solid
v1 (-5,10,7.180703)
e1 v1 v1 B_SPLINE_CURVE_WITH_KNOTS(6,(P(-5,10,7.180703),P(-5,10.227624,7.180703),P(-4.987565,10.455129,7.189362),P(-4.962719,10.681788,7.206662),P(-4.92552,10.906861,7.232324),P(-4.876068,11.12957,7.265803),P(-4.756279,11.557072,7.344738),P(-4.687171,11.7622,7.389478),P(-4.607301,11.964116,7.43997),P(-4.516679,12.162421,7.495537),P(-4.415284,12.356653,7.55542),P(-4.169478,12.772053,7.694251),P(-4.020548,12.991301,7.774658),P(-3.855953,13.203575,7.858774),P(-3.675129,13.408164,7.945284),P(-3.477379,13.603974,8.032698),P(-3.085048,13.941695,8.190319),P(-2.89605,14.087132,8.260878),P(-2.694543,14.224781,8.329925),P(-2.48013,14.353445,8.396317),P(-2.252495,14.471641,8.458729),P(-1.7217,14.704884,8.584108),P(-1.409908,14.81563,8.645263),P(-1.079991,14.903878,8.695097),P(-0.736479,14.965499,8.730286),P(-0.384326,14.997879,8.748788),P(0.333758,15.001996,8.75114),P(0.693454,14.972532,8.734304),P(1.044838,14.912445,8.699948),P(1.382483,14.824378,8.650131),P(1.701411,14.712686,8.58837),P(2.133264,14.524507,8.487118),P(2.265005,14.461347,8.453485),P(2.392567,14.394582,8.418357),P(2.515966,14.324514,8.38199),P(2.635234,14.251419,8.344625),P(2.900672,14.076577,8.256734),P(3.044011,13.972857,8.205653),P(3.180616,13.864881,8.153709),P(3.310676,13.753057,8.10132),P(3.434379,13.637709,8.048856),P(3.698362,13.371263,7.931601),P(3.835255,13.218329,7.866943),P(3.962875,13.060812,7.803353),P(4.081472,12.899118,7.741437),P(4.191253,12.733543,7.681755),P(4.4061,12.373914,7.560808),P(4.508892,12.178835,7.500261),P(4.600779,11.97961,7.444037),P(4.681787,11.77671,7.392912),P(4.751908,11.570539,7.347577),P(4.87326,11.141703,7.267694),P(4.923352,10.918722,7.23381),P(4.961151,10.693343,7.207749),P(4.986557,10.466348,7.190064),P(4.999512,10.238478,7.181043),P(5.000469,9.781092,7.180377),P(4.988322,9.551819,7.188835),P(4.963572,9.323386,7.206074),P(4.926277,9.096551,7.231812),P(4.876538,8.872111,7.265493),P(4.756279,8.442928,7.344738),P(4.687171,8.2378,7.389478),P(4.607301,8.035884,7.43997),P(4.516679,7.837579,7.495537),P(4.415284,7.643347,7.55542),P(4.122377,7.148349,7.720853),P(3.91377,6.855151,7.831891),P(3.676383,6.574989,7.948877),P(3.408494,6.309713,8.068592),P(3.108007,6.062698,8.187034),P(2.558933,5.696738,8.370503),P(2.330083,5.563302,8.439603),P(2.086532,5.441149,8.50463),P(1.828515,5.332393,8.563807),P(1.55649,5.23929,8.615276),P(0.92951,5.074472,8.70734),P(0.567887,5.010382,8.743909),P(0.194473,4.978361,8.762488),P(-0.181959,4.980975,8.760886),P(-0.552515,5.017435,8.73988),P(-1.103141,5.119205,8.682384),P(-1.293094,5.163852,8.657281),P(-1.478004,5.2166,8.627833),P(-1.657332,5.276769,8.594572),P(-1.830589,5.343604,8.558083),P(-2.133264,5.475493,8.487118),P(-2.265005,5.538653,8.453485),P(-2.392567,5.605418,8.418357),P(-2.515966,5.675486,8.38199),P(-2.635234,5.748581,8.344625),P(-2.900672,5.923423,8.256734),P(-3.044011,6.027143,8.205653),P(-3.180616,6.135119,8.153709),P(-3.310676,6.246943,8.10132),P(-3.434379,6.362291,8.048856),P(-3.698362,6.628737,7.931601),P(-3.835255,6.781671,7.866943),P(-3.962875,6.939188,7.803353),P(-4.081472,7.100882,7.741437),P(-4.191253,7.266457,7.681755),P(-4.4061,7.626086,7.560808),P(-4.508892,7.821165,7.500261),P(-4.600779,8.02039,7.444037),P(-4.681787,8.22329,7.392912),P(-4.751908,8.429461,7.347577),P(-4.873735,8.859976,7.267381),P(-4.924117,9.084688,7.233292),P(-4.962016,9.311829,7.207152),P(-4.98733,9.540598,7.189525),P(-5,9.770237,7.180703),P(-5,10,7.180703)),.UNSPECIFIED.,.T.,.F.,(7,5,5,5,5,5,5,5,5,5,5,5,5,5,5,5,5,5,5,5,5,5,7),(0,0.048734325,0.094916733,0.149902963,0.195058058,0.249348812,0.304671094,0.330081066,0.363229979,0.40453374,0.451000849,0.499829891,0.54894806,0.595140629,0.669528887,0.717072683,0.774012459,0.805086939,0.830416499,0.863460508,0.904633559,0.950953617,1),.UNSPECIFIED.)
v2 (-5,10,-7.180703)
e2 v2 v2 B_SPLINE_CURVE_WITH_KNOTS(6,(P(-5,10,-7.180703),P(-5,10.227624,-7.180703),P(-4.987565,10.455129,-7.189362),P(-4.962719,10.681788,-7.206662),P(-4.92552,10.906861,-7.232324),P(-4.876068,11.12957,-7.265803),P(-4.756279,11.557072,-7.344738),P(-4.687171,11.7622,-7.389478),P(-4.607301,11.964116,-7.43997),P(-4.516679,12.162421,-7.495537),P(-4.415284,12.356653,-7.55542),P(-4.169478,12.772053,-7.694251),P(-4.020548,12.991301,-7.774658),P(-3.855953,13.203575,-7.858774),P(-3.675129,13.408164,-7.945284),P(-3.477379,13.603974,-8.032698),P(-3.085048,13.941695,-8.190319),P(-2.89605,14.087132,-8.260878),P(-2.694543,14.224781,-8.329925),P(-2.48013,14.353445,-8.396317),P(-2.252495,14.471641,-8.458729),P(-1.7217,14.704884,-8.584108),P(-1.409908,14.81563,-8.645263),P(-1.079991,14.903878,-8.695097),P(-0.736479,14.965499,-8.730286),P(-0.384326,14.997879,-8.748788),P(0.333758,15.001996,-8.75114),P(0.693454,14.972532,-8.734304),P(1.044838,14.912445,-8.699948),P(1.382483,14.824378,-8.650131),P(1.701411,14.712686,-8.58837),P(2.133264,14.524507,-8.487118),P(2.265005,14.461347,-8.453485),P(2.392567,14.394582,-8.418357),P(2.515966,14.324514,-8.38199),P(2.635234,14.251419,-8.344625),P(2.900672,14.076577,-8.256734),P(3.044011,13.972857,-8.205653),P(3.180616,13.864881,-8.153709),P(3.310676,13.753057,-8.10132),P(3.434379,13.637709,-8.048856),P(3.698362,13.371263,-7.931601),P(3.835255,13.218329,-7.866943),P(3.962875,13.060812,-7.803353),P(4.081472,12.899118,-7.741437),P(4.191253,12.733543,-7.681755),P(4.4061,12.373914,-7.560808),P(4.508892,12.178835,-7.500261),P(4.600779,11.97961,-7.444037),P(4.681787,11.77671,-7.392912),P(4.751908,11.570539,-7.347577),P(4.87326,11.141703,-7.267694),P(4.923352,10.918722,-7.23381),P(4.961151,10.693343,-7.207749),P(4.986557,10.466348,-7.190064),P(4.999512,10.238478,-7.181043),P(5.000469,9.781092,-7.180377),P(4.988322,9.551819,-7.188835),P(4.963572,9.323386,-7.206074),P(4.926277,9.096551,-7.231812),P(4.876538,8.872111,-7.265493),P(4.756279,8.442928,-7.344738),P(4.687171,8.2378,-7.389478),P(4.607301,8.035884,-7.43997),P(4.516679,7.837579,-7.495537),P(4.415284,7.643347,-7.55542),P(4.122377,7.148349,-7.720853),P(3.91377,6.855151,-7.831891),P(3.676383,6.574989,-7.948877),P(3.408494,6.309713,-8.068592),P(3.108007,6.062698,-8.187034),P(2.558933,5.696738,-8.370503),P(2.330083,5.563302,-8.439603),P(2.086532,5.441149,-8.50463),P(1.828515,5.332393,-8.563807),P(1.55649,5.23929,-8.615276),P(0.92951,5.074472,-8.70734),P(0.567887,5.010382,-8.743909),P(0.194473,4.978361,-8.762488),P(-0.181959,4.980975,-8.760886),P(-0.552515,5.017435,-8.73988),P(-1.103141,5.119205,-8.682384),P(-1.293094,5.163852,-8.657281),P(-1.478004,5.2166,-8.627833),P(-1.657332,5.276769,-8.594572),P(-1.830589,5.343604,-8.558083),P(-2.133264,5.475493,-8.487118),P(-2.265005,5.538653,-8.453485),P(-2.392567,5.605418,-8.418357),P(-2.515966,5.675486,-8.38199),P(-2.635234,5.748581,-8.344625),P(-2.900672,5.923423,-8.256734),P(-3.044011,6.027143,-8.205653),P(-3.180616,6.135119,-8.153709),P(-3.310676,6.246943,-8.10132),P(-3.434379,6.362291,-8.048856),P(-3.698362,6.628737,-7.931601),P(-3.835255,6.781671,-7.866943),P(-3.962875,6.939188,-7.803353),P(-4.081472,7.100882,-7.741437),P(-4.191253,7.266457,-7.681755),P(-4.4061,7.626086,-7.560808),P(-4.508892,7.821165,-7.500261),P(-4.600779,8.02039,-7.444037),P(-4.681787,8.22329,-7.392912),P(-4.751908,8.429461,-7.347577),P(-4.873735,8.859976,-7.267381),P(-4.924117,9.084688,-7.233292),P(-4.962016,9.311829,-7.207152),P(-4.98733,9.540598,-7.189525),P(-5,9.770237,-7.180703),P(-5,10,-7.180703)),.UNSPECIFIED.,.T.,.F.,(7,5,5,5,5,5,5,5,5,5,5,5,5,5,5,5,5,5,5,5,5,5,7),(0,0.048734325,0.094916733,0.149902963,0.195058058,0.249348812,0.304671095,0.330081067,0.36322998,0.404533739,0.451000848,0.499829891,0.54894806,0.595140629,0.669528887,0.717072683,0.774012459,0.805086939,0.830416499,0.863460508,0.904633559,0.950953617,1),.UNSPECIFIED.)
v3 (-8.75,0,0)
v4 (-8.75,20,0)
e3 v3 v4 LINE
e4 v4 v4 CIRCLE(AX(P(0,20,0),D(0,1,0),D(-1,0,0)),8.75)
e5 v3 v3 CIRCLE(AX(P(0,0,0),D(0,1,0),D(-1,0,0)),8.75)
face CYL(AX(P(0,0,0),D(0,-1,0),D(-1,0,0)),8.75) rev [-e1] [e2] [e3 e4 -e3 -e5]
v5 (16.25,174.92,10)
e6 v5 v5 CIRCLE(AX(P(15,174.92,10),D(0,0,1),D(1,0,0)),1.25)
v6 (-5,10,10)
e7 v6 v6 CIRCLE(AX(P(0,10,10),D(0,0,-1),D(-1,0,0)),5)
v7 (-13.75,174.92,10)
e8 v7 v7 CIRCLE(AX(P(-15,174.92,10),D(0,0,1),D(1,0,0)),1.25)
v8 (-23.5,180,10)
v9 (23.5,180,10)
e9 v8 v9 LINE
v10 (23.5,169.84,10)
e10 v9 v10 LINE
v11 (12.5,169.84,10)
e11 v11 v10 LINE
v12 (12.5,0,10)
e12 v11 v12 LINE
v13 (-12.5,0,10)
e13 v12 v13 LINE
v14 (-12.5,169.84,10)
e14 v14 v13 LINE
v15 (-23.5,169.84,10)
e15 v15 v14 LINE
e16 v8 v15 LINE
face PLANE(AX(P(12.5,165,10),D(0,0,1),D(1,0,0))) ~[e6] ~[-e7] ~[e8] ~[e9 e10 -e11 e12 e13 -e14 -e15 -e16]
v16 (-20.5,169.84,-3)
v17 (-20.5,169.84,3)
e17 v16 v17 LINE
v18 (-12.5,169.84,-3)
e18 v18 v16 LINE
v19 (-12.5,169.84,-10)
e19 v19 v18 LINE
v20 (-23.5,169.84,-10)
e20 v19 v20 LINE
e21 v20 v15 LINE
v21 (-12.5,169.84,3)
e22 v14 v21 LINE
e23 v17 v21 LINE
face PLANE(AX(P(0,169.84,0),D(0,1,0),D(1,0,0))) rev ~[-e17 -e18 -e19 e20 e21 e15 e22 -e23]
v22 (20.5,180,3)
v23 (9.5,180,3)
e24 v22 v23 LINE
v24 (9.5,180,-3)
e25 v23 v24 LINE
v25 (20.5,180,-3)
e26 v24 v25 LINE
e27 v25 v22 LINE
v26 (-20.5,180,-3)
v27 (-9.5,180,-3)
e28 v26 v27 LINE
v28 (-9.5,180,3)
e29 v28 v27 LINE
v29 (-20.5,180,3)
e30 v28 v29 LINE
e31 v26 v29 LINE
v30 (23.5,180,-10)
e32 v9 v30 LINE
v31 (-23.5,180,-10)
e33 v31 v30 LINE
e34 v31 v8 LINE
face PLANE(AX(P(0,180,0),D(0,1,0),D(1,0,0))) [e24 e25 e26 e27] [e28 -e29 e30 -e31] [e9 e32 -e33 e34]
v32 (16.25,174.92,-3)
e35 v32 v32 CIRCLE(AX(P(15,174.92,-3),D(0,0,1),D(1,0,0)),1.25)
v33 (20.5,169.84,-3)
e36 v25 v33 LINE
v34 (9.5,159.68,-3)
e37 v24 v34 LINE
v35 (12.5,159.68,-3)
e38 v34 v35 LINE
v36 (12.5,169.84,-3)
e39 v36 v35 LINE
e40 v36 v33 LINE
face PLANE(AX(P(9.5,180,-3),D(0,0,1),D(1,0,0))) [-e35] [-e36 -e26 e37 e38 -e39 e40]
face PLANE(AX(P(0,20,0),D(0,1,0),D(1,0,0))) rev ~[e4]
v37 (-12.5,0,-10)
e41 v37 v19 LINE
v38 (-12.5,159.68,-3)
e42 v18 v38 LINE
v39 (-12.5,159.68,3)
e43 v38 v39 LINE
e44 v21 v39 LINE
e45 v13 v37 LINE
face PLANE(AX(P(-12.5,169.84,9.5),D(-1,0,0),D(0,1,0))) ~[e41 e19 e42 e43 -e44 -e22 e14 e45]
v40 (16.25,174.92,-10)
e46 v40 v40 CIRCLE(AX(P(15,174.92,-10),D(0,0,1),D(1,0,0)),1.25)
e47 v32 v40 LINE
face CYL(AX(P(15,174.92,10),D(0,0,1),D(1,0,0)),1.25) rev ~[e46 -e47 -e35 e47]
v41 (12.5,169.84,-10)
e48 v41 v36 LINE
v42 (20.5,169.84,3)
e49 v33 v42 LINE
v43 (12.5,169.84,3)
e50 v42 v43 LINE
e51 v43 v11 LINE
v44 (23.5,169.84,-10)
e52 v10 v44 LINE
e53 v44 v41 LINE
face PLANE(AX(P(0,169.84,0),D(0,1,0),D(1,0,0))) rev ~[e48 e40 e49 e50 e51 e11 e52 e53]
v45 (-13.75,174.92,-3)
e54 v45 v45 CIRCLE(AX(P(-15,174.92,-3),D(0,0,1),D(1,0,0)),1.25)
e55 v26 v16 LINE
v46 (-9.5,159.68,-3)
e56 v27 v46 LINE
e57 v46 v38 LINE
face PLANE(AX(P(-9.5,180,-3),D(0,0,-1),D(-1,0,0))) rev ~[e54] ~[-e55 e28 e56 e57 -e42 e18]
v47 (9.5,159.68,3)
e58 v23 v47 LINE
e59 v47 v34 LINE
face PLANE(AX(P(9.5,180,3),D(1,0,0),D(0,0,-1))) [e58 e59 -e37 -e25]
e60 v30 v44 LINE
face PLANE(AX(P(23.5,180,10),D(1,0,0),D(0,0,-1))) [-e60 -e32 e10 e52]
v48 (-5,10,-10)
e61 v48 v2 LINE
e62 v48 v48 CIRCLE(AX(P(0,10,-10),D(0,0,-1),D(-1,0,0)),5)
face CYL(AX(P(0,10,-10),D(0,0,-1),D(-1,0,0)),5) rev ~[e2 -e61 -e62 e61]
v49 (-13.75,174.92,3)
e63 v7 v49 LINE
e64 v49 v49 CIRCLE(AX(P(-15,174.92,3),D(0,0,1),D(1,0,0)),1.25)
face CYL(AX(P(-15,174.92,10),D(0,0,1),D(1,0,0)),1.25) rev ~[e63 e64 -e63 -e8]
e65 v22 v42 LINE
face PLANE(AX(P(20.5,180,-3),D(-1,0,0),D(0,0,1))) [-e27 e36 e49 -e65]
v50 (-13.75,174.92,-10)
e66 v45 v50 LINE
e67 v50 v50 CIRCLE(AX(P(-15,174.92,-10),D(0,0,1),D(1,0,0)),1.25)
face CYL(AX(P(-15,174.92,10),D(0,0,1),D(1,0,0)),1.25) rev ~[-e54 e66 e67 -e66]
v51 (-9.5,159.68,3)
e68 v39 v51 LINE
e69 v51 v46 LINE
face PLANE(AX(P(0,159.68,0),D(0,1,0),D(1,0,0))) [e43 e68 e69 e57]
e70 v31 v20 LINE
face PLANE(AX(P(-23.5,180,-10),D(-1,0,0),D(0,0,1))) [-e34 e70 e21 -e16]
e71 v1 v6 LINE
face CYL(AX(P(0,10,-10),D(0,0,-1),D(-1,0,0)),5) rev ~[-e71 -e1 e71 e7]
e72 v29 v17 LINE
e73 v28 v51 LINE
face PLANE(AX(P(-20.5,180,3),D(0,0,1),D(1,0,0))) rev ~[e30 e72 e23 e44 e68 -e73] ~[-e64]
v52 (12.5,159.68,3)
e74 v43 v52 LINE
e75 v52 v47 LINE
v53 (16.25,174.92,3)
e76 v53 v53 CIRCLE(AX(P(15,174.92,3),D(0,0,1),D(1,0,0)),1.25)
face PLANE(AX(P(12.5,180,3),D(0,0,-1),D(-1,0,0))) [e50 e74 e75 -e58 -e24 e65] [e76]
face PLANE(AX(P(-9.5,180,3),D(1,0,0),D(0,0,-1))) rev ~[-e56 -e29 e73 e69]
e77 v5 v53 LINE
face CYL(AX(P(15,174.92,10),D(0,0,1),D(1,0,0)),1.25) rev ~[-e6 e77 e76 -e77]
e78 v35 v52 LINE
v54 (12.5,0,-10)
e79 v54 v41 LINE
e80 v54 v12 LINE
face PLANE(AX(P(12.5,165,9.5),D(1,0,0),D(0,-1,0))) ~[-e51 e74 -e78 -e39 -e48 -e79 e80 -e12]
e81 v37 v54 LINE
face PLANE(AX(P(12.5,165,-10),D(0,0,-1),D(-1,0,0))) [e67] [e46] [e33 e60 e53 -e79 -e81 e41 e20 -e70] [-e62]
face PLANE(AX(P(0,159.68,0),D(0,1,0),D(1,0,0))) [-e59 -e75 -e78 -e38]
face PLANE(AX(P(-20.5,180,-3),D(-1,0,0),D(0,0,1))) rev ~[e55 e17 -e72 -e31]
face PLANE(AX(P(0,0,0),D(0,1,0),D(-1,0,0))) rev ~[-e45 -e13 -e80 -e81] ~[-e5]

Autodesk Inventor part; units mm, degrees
ref_plane "YZ Plane" through (0, 0, 0) normal (1, 0, 0) x (0, 1, 0)
sketch "스케치1" plane through (0, 0, 0) normal (0, 1, 0) x (-1, 0, 0)
  line L0 (-12.5, 10) -> (12.5, 10)
  line L1 (12.5, 10) -> (12.5, -10)
  line L2 (12.5, -10) -> (-12.5, -10)
  line L3 (-12.5, -10) -> (-12.5, 10)
  line L4 (-12.5, 10) -> (12.5, -10) construction
  line L5 (12.5, 10) -> (-12.5, -10) construction
  circle A0 centre (0, 0) radius 8.75
  dimension "d0" = 25
  dimension "d1" = 20
  dimension "d2" = 17.5
extrude "돌출1" add sketch "스케치1" along normal blind 20
sketch "스케치2" plane through (12.5, 0, -10) normal (0, 0, -1) x (-1, 0, 0)
  circle A0 centre (12.5, 10) radius 5
  line L0 (0, 0) -> (25, 0) projected
  point P0 (12.5, 0)
  point P1 (12.5, 0)
  point P2 (12.5, 0)
  dimension "d5" = 10
  dimension "d6" = 10
extrude "돌출2" cut sketch "스케치2" against normal up to surface (20 mm away)
sketch "스케치3" plane through (0, 20, 0) normal (0, 1, 0) x (1, 0, 0)
  line L0 (12.5, 10) -> (-12.5, 10) projected
  line L1 (-12.5, 10) -> (-12.5, -10) projected
  line L2 (-12.5, -10) -> (12.5, -10) projected
  line L3 (12.5, -10) -> (12.5, 10) projected
  circle A0 centre (0, 0) radius 8.75 projected
extrude "돌출3" add sketch "스케치3" along normal blind 160 contours L3 L2 L1 L0 | A0
sketch "스케치21" plane through (-12.5, 0, 10) normal (0, 0, 1) x (1, 0, 0)
  line L0 (25, 180) -> (0, 180) projected
  line L1 (25, 0) -> (25, 180) projected
  line L2 (0, 180) -> (25, 180)
  line L3 (25, 180) -> (25, 165)
  line L4 (25, 165) -> (0, 165)
  line L5 (0, 165) -> (0, 180)
  point P0 (12.5, 0)
  dimension "d153" = 15
extrude "돌출8" cut sketch "스케치21" against normal blind 0.5
ref_plane "작업 평면1" through (12.5, 0, 0) normal (0, 0, -1) x (-1, 0, 0)
mirror "미러1" about plane through (12.5, 0, 0) normal (0, 0, -1) of "돌출8"
sketch "스케치23" plane through (0, 180, 0) normal (0, 1, 0) x (1, 0, 0)
  circle A0 centre (0, 0) radius 4.5
  line L0 (-2.5981, -4.5) -> (-5.1962, 0)
  line L1 (-5.1962, 0) -> (-2.5981, 4.5)
  line L2 (-2.5981, 4.5) -> (2.5981, 4.5)
  line L3 (2.5981, 4.5) -> (5.1962, 0)
  line L4 (5.1962, 0) -> (2.5981, -4.5)
  line L5 (2.5981, -4.5) -> (-2.5981, -4.5)
  dimension "d162" = 9
extrude "돌출10" cut sketch "스케치23" against normal blind 8
sketch "스케치25" plane through (0, 172, 0) normal (0, 1, 0) x (1, 0, 0)
  line L0 (2.0207, 3.5) -> (4.0415, 0)
  line L1 (4.0415, 0) -> (2.0207, -3.5)
  line L2 (2.0207, -3.5) -> (-2.0207, -3.5)
  line L3 (-2.0207, -3.5) -> (-4.0415, 0)
  line L4 (-4.0415, 0) -> (-2.0207, 3.5)
  line L5 (-2.0207, 3.5) -> (2.0207, 3.5)
  line L6 (-5.1962, 0) -> (-2.5981, 4.5) projected
  line L7 (2.5981, -4.5) -> (-2.5981, -4.5) projected
  line L8 (5.1962, 0) -> (2.5981, -4.5) projected
  line L9 (2.5981, 4.5) -> (5.1962, 0) projected
  line L10 (-2.5981, 4.5) -> (2.5981, 4.5) projected
  line L11 (-5.1962, 0) -> (-2.5981, 4.5) projected
  line L12 (-2.5981, -4.5) -> (-5.1962, 0) projected
  point P0 (0, 0)
  point P1 (0, 0)
  dimension "d166" = 1
extrude "돌출11" add sketch "스케치25" along normal blind 4.5
sketch "스케치26" plane through (0, 180, 0) normal (0, 1, 0) x (1, 0, 0)
  line L0 (23.5, 10) -> (-23.5, 10)
  line L1 (-23.5, 10) -> (-23.5, -10)
  line L2 (-23.5, -10) -> (23.5, -10)
  line L3 (23.5, -10) -> (23.5, 10)
  line L4 (23.5, 10) -> (-23.5, -10) construction
  line L5 (-23.5, 10) -> (23.5, -10) construction
  line L6 (-9.5, 3) -> (-20.5, 3)
  line L7 (-20.5, 3) -> (-20.5, -3)
  line L8 (-20.5, -3) -> (-9.5, -3)
  line L9 (-9.5, -3) -> (-9.5, 3)
  line L10 (-9.5, 3) -> (-20.5, -3) construction
  line L11 (-20.5, 3) -> (-9.5, -3) construction
  line L12 (-12.5, -9.5) -> (12.5, -9.5) projected
  line L13 (0, -9.5) -> (0, 10)
  line L14 (-5, 10) -> (5, 10) projected
  line L15 (23.5, 10) -> (23.5, -10)
  line L16 (9.5, 3) -> (20.5, 3)
  line L17 (20.5, 3) -> (20.5, -3)
  line L18 (20.5, -3) -> (9.5, -3)
  line L19 (9.5, -3) -> (9.5, 3)
  point P0 (0, 0)
  point P1 (-15, 0)
  dimension "d169" = 15
  dimension "d170" = 11
  dimension "d172" = 3
  dimension "d173" = 6
  dimension "d174" = 7
extrude "돌출12" add sketch "스케치26" against normal blind 10.16
sketch "스케치27" plane through (0, 180, 0) normal (0, 1, 0) x (1, 0, 0)
  line L0 (-9.5, 3) -> (-12.5, 3)
  line L1 (-12.5, 3) -> (-12.5, -3)
  line L2 (-12.5, -3) -> (-9.5, -3)
  line L3 (-9.5, -3) -> (-9.5, 3)
  line L4 (-9.5, 3) -> (-12.5, -3) construction
  line L5 (-12.5, 3) -> (-9.5, -3) construction
  line L6 (0, 0) -> (0, 9.5)
  line L7 (12.5, 9.5) -> (-12.5, 9.5) projected
  line L8 (9.5, 3) -> (12.5, 3)
  line L9 (12.5, 3) -> (12.5, -3)
  line L10 (12.5, -3) -> (9.5, -3)
  line L11 (9.5, -3) -> (9.5, 3)
  line L12 (9.5, 3) -> (12.5, -3) construction
  line L13 (12.5, 3) -> (9.5, -3) construction
  point P0 (-11, 0)
  point P1 (11, 0)
  dimension "d177" = 9.5
  dimension "d178" = 3
  dimension "d179" = 6
extrude "돌출13" cut sketch "스케치27" against normal blind 20.32
sketch "스케치28" plane through (-12.5, 0, 10) normal (0, 0, 1) x (1, 0, 0)
  line L0 (7.5, 87.5) -> (17.5, 87.5)
  line L1 (17.5, 87.5) -> (17.5, 77.5)
  line L2 (17.5, 77.5) -> (7.5, 77.5)
  line L3 (7.5, 77.5) -> (7.5, 87.5)
  line L4 (7.5, 87.5) -> (17.5, 77.5) construction
  line L5 (17.5, 87.5) -> (7.5, 77.5) construction
  line L6 (0, 0) -> (25, 0) projected
  line L7 (0, 0) -> (0, 165) projected
  point P0 (12.5, 0)
  point P1 (12.5, 82.5)
  point P2 (12.5, 0)
  point P3 (0, 82.5)
  dimension "d184" = 10
  dimension "d185" = 10
sketch "스케치29" plane through (12.5, 165, -9.5) normal (0, 0, -1) x (-1, 0, 0)
  line L0 (0, 0) -> (25, 0) projected
  line L1 (25, 4.84) -> (25, 0) projected
  line L2 (0, 0) -> (0, 4.84) projected
  line L3 (25, 4.84) -> (0, 4.84) projected
  point P0 (12.5, -165)
extrude "돌출14" add sketch "스케치29" along normal blind 0.5
ref_plane "작업 평면2" through (12.5, 0, 0) normal (0, 0, -1) x (-1, 0, 0)
mirror "미러2" about plane through (12.5, 0, 0) normal (0, 0, -1) of "돌출14"
sketch "스케치30" plane through (-12.5, 0, 10) normal (0, 0, 1) x (1, 0, 0)
  circle A0 centre (27.5, 174.92) radius 1.25
  line L0 (36, 180) -> (36, 169.84) projected
  line L1 (0, 0) -> (0, 169.84) projected
  line L2 (25, 0) -> (25, 169.84) projected
  line L3 (0, 169.84) -> (25, 169.84)
  line L4 (25, 169.84) -> (12.5, 169.84)
  line L5 (-11, 180) -> (36, 180) projected
  line L6 (12.5, 180) -> (12.5, 169.84)
  circle A1 centre (-2.5, 174.92) radius 1.25
  point P0 (12.5, 0)
  point P1 (36, 174.92)
  dimension "d186" = 2.5
  dimension "d187" = 8.5
extrude "돌출15" cut sketch "스케치30" against normal up to surface (20 mm away)
equation "\"d34\" = 55deg"
equation "\"d54\" = 55deg"
equation "\"d74\" = 55deg"
equation "\"d94\" = 55deg"
equation "\"d116\" = 55deg"
equation "\"d136\" = 55deg"
properties part number "Tensile_test_bottom_adapter_blocked"
